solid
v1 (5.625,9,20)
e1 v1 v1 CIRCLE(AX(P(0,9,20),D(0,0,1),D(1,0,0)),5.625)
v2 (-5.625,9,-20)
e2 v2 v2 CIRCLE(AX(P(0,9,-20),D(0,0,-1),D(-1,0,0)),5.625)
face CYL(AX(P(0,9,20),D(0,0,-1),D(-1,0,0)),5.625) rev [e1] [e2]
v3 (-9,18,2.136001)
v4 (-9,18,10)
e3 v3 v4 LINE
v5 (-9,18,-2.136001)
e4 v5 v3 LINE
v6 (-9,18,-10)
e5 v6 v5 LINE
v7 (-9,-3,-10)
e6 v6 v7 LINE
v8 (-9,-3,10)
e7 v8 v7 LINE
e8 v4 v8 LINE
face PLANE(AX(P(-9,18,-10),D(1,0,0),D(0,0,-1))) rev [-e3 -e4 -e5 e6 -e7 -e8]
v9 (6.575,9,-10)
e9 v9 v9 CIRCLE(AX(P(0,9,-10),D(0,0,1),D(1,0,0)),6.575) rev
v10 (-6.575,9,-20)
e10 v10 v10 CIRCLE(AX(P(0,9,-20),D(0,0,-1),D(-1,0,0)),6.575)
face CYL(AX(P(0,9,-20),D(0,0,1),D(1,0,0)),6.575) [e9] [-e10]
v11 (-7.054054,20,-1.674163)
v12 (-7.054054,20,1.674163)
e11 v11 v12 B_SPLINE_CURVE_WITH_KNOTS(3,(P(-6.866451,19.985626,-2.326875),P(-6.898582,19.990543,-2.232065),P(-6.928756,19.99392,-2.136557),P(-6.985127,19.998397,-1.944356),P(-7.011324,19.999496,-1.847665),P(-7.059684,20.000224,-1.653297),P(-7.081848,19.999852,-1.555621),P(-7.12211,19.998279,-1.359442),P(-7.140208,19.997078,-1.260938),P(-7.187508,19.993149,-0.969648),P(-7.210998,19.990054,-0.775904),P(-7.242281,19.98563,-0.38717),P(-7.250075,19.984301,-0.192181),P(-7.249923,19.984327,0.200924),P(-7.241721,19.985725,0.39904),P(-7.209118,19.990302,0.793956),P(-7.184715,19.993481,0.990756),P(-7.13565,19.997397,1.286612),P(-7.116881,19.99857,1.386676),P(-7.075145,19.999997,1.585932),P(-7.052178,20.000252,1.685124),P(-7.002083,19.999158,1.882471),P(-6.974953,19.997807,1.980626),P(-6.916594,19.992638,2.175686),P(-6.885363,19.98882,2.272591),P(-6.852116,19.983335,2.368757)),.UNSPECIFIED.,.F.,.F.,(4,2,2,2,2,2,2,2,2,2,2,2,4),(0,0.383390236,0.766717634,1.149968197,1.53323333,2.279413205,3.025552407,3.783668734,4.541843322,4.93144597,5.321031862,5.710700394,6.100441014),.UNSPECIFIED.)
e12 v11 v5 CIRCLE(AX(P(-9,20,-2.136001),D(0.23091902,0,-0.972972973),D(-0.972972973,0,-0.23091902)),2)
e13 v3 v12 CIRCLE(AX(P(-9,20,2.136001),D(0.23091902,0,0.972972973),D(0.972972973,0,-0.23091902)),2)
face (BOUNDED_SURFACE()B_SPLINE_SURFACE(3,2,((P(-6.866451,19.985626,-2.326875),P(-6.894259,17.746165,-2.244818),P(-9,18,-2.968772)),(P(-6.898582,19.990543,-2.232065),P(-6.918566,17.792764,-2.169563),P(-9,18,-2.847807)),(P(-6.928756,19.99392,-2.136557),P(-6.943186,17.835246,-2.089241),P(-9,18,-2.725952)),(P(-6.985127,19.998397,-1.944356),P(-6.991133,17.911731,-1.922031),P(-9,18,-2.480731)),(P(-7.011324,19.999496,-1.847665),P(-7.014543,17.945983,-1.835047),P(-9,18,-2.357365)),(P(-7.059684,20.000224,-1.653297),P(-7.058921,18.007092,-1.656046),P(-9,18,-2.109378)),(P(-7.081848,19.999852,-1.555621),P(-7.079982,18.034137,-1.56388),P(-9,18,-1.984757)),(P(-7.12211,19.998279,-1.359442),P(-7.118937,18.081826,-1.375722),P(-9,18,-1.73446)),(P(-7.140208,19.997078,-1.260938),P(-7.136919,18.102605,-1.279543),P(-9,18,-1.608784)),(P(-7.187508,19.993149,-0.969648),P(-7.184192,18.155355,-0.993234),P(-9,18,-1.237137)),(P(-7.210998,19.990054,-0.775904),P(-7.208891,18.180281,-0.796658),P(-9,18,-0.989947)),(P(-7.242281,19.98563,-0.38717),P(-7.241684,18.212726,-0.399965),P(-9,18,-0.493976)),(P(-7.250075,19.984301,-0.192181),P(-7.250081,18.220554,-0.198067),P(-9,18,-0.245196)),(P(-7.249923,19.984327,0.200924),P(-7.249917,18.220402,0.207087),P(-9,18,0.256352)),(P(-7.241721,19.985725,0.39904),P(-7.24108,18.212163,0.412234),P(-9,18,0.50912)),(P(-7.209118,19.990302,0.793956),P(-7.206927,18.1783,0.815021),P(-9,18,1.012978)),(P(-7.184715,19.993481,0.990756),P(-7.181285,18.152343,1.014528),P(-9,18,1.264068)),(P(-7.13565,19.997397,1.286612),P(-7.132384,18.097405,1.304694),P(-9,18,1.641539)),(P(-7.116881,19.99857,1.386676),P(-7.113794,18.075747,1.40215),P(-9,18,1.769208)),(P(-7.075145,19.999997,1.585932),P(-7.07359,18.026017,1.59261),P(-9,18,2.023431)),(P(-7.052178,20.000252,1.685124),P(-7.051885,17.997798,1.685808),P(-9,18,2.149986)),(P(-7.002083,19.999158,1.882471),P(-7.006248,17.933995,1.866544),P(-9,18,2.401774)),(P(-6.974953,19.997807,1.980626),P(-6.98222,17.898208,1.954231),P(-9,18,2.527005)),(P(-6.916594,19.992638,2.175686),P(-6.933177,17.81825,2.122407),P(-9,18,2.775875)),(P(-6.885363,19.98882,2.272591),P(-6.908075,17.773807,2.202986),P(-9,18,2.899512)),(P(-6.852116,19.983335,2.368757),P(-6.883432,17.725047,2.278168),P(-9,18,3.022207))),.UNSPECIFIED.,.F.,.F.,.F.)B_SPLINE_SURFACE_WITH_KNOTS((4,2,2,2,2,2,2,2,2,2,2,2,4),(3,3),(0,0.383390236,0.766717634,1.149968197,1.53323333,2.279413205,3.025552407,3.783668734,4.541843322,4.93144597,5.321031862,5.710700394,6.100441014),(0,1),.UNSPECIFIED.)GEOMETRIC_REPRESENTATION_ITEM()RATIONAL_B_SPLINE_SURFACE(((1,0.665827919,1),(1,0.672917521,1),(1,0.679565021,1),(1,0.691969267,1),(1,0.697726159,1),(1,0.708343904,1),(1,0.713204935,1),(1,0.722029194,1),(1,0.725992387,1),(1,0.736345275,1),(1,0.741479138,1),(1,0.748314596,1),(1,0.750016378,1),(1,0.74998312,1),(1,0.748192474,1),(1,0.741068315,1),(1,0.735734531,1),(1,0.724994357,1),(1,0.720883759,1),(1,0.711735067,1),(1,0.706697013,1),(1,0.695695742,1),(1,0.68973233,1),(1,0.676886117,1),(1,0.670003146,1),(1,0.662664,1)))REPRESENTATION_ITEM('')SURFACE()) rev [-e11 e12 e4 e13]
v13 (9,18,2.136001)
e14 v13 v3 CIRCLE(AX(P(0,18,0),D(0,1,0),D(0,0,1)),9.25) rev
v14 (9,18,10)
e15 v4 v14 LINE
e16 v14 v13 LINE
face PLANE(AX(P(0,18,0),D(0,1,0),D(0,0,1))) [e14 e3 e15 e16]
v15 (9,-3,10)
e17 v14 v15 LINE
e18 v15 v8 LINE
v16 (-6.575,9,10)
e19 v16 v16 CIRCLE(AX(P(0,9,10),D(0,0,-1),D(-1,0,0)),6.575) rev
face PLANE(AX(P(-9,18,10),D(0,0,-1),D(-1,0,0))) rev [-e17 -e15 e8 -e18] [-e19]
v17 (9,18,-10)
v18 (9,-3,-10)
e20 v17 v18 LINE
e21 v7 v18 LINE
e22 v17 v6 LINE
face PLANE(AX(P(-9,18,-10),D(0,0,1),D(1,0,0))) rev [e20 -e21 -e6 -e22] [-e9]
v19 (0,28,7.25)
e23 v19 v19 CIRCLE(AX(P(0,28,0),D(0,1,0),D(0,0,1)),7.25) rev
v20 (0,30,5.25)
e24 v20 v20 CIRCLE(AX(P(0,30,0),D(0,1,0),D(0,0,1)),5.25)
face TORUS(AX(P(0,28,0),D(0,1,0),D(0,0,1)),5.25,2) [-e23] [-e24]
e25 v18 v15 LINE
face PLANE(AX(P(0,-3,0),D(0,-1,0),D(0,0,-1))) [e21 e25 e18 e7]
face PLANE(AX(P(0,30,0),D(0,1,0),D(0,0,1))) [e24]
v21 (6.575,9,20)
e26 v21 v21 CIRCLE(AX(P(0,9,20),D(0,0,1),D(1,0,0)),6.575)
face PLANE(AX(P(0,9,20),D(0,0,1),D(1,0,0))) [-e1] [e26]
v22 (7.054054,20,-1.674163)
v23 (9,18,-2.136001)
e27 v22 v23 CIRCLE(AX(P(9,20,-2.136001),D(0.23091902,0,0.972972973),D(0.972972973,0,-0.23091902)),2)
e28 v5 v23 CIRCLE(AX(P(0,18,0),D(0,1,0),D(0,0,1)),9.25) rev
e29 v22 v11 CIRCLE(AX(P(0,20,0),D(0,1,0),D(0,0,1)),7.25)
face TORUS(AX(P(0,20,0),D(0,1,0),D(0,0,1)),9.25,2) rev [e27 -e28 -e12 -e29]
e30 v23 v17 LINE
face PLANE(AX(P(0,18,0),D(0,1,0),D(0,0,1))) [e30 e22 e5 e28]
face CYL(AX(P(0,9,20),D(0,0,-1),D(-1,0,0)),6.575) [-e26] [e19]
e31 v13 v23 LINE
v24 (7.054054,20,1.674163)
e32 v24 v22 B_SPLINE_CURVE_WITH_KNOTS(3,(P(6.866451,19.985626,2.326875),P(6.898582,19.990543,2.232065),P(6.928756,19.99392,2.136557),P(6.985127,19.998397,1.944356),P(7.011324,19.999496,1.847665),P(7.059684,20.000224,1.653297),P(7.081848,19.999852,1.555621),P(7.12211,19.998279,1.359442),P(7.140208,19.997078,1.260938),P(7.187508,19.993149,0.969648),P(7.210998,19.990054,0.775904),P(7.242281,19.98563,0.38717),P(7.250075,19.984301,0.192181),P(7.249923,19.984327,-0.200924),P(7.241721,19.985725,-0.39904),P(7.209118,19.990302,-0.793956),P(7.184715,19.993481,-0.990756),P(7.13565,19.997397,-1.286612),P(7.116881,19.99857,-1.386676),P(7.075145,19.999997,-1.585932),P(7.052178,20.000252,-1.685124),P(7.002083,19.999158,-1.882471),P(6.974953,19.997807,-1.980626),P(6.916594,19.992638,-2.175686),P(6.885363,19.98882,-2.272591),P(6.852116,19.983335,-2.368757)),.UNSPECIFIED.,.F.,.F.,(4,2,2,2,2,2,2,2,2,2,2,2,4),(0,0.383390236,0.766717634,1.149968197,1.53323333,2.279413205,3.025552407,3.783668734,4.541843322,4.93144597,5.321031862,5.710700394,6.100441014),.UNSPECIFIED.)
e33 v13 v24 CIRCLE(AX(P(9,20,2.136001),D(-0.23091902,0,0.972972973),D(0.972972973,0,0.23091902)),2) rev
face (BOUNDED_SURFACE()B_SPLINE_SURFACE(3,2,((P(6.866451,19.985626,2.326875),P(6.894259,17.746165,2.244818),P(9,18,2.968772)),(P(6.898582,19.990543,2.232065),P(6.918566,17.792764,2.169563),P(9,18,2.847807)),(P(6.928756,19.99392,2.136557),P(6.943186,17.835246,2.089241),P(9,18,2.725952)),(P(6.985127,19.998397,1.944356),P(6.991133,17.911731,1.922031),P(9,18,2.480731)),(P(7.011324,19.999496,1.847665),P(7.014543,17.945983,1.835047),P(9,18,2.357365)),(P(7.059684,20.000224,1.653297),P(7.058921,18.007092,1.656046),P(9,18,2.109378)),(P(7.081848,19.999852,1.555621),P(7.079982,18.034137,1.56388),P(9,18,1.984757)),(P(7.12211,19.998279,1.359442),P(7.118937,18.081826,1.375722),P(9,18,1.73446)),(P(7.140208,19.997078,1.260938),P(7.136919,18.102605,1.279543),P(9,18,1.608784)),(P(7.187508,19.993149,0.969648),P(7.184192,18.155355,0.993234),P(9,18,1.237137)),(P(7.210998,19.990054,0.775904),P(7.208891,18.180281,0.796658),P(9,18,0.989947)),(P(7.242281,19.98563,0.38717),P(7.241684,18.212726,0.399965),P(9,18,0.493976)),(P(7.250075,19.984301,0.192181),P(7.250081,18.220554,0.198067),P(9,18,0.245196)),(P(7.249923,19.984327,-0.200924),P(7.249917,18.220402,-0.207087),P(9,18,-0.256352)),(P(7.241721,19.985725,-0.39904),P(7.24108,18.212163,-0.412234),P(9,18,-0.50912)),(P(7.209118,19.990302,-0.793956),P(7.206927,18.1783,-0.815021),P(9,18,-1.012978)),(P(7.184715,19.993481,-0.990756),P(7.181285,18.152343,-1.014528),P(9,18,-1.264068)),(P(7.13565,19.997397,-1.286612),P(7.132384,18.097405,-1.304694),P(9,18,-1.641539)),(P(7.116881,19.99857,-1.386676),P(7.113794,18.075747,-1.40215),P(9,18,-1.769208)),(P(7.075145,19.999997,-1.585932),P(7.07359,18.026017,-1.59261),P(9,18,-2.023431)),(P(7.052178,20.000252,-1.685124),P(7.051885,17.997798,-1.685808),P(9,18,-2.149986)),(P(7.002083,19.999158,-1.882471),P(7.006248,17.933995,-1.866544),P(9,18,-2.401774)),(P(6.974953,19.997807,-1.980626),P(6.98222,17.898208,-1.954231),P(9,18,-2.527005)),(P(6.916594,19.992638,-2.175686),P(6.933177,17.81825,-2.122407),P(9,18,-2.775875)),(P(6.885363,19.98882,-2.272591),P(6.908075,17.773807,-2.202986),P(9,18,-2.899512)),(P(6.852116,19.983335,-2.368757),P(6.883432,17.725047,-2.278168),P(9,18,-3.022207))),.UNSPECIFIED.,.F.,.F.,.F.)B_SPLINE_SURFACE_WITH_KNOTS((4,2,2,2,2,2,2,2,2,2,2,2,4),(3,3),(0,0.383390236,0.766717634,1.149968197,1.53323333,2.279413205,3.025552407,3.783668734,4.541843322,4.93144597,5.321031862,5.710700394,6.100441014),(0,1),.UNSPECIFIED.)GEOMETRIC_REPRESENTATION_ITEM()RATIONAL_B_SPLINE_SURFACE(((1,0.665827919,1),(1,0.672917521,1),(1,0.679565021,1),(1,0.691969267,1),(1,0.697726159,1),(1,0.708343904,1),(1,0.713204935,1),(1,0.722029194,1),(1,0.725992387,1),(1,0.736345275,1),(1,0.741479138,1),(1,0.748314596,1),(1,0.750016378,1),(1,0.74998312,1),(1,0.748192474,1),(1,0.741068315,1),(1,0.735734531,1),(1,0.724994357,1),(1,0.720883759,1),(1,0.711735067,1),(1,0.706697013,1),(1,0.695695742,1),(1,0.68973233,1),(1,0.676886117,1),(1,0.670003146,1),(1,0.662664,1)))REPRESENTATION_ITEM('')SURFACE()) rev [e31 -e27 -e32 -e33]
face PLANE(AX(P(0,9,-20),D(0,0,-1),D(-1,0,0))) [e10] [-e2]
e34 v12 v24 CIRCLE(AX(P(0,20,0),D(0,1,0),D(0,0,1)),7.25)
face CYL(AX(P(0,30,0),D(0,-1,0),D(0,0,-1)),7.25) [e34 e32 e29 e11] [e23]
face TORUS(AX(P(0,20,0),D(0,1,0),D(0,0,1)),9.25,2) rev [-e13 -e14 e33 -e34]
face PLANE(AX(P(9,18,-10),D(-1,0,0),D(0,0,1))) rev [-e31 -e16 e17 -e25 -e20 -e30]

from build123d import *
from build123d.topology import SkipClean

# Parameters (mm, degrees)
SKETCH1_W           = 18
SKETCH1_H           = 20
BOSS_EXTRUDE1_DEPTH = 18
SKETCH6_R           = 7.25
BOSS_EXTRUDE4_DEPTH = 12
FILLET1_R           = 2
SKETCH2_R           = 6.575
SKETCH2_R_2         = 5.625
BOSS_EXTRUDE5_DEPTH = 10
BOSS_EXTRUDE6_START = 10
SKETCH3_R           = 6.575
SKETCH3_R_2         = 5.625
BOSS_EXTRUDE6_DEPTH = 10
SKETCH7_R           = 5.625
CUT_EXTRUDE2_DEPTH  = 41
SKETCH8_W           = 18
SKETCH8_H           = 20
BOSS_EXTRUDE7_DEPTH = 3


with BuildPart() as part:
    # Sketch1 → Boss-Extrude1 (new body)
    with BuildSketch(Plane(origin=(0, 0, 0), x_dir=(1, 0, 0), z_dir=(0, 1, 0))):
        Rectangle(SKETCH1_W, SKETCH1_H)
    extrude(amount=BOSS_EXTRUDE1_DEPTH)

    # Sketch6 → Boss-Extrude4 (add)
    with BuildSketch(Plane(origin=(0, 18, 0), x_dir=(1, 0, 0), z_dir=(0, 1, 0))):
        with Locations(Location((0, 0, 0), (0, 0, 270))):
            Circle(SKETCH6_R)
    extrude(amount=BOSS_EXTRUDE4_DEPTH)

    # Fillet1
    fillet1_edges = [part.edges().sort_by_distance(p)[0] for p in [
        (0, 18, -7.25),
        (0, 30, -7.25),
    ]]
    fillet(fillet1_edges, radius=FILLET1_R)

    # Sketch2 → Boss-Extrude5 (add)
    with BuildSketch(Plane.XY.offset(10)):
        with Locations(Location((0, 9, 0), (0, 0, 180))):
            Circle(SKETCH2_R)
        with Locations((0, 9)):
            Circle(SKETCH2_R_2, mode=Mode.SUBTRACT)
    extrude(amount=BOSS_EXTRUDE5_DEPTH)

    # Sketch3 → Boss-Extrude6 (add)
    with BuildSketch(Plane(origin=(0, 0, -10), x_dir=(-1, 0, 0), z_dir=(0, 0, -1)).offset(BOSS_EXTRUDE6_START)):
        with Locations((0, 9)):
            Circle(SKETCH3_R)
        with Locations(Location((0, 9, 0), (0, 0, 180))):
            Circle(SKETCH3_R_2, mode=Mode.SUBTRACT)
    extrude(amount=-BOSS_EXTRUDE6_DEPTH)

    # Sketch7 → Cut-Extrude2 (cut)
    with SkipClean():  # the faces are left unmerged after this step: merging them gives an invalid solid
        with BuildSketch(Plane(origin=(0, 0, -10), x_dir=(-1, 0, 0), z_dir=(0, 0, -1))):
            with Locations((0, 9)):
                Circle(SKETCH7_R)
        extrude(amount=-CUT_EXTRUDE2_DEPTH, mode=Mode.SUBTRACT)

    # Sketch8 → Boss-Extrude7 (add)
    with SkipClean():  # the faces are left unmerged after this step: merging them gives an invalid solid
        with BuildSketch(Plane.XZ):
            Rectangle(SKETCH8_W, SKETCH8_H)
        extrude(amount=BOSS_EXTRUDE7_DEPTH)


solid = part.part
